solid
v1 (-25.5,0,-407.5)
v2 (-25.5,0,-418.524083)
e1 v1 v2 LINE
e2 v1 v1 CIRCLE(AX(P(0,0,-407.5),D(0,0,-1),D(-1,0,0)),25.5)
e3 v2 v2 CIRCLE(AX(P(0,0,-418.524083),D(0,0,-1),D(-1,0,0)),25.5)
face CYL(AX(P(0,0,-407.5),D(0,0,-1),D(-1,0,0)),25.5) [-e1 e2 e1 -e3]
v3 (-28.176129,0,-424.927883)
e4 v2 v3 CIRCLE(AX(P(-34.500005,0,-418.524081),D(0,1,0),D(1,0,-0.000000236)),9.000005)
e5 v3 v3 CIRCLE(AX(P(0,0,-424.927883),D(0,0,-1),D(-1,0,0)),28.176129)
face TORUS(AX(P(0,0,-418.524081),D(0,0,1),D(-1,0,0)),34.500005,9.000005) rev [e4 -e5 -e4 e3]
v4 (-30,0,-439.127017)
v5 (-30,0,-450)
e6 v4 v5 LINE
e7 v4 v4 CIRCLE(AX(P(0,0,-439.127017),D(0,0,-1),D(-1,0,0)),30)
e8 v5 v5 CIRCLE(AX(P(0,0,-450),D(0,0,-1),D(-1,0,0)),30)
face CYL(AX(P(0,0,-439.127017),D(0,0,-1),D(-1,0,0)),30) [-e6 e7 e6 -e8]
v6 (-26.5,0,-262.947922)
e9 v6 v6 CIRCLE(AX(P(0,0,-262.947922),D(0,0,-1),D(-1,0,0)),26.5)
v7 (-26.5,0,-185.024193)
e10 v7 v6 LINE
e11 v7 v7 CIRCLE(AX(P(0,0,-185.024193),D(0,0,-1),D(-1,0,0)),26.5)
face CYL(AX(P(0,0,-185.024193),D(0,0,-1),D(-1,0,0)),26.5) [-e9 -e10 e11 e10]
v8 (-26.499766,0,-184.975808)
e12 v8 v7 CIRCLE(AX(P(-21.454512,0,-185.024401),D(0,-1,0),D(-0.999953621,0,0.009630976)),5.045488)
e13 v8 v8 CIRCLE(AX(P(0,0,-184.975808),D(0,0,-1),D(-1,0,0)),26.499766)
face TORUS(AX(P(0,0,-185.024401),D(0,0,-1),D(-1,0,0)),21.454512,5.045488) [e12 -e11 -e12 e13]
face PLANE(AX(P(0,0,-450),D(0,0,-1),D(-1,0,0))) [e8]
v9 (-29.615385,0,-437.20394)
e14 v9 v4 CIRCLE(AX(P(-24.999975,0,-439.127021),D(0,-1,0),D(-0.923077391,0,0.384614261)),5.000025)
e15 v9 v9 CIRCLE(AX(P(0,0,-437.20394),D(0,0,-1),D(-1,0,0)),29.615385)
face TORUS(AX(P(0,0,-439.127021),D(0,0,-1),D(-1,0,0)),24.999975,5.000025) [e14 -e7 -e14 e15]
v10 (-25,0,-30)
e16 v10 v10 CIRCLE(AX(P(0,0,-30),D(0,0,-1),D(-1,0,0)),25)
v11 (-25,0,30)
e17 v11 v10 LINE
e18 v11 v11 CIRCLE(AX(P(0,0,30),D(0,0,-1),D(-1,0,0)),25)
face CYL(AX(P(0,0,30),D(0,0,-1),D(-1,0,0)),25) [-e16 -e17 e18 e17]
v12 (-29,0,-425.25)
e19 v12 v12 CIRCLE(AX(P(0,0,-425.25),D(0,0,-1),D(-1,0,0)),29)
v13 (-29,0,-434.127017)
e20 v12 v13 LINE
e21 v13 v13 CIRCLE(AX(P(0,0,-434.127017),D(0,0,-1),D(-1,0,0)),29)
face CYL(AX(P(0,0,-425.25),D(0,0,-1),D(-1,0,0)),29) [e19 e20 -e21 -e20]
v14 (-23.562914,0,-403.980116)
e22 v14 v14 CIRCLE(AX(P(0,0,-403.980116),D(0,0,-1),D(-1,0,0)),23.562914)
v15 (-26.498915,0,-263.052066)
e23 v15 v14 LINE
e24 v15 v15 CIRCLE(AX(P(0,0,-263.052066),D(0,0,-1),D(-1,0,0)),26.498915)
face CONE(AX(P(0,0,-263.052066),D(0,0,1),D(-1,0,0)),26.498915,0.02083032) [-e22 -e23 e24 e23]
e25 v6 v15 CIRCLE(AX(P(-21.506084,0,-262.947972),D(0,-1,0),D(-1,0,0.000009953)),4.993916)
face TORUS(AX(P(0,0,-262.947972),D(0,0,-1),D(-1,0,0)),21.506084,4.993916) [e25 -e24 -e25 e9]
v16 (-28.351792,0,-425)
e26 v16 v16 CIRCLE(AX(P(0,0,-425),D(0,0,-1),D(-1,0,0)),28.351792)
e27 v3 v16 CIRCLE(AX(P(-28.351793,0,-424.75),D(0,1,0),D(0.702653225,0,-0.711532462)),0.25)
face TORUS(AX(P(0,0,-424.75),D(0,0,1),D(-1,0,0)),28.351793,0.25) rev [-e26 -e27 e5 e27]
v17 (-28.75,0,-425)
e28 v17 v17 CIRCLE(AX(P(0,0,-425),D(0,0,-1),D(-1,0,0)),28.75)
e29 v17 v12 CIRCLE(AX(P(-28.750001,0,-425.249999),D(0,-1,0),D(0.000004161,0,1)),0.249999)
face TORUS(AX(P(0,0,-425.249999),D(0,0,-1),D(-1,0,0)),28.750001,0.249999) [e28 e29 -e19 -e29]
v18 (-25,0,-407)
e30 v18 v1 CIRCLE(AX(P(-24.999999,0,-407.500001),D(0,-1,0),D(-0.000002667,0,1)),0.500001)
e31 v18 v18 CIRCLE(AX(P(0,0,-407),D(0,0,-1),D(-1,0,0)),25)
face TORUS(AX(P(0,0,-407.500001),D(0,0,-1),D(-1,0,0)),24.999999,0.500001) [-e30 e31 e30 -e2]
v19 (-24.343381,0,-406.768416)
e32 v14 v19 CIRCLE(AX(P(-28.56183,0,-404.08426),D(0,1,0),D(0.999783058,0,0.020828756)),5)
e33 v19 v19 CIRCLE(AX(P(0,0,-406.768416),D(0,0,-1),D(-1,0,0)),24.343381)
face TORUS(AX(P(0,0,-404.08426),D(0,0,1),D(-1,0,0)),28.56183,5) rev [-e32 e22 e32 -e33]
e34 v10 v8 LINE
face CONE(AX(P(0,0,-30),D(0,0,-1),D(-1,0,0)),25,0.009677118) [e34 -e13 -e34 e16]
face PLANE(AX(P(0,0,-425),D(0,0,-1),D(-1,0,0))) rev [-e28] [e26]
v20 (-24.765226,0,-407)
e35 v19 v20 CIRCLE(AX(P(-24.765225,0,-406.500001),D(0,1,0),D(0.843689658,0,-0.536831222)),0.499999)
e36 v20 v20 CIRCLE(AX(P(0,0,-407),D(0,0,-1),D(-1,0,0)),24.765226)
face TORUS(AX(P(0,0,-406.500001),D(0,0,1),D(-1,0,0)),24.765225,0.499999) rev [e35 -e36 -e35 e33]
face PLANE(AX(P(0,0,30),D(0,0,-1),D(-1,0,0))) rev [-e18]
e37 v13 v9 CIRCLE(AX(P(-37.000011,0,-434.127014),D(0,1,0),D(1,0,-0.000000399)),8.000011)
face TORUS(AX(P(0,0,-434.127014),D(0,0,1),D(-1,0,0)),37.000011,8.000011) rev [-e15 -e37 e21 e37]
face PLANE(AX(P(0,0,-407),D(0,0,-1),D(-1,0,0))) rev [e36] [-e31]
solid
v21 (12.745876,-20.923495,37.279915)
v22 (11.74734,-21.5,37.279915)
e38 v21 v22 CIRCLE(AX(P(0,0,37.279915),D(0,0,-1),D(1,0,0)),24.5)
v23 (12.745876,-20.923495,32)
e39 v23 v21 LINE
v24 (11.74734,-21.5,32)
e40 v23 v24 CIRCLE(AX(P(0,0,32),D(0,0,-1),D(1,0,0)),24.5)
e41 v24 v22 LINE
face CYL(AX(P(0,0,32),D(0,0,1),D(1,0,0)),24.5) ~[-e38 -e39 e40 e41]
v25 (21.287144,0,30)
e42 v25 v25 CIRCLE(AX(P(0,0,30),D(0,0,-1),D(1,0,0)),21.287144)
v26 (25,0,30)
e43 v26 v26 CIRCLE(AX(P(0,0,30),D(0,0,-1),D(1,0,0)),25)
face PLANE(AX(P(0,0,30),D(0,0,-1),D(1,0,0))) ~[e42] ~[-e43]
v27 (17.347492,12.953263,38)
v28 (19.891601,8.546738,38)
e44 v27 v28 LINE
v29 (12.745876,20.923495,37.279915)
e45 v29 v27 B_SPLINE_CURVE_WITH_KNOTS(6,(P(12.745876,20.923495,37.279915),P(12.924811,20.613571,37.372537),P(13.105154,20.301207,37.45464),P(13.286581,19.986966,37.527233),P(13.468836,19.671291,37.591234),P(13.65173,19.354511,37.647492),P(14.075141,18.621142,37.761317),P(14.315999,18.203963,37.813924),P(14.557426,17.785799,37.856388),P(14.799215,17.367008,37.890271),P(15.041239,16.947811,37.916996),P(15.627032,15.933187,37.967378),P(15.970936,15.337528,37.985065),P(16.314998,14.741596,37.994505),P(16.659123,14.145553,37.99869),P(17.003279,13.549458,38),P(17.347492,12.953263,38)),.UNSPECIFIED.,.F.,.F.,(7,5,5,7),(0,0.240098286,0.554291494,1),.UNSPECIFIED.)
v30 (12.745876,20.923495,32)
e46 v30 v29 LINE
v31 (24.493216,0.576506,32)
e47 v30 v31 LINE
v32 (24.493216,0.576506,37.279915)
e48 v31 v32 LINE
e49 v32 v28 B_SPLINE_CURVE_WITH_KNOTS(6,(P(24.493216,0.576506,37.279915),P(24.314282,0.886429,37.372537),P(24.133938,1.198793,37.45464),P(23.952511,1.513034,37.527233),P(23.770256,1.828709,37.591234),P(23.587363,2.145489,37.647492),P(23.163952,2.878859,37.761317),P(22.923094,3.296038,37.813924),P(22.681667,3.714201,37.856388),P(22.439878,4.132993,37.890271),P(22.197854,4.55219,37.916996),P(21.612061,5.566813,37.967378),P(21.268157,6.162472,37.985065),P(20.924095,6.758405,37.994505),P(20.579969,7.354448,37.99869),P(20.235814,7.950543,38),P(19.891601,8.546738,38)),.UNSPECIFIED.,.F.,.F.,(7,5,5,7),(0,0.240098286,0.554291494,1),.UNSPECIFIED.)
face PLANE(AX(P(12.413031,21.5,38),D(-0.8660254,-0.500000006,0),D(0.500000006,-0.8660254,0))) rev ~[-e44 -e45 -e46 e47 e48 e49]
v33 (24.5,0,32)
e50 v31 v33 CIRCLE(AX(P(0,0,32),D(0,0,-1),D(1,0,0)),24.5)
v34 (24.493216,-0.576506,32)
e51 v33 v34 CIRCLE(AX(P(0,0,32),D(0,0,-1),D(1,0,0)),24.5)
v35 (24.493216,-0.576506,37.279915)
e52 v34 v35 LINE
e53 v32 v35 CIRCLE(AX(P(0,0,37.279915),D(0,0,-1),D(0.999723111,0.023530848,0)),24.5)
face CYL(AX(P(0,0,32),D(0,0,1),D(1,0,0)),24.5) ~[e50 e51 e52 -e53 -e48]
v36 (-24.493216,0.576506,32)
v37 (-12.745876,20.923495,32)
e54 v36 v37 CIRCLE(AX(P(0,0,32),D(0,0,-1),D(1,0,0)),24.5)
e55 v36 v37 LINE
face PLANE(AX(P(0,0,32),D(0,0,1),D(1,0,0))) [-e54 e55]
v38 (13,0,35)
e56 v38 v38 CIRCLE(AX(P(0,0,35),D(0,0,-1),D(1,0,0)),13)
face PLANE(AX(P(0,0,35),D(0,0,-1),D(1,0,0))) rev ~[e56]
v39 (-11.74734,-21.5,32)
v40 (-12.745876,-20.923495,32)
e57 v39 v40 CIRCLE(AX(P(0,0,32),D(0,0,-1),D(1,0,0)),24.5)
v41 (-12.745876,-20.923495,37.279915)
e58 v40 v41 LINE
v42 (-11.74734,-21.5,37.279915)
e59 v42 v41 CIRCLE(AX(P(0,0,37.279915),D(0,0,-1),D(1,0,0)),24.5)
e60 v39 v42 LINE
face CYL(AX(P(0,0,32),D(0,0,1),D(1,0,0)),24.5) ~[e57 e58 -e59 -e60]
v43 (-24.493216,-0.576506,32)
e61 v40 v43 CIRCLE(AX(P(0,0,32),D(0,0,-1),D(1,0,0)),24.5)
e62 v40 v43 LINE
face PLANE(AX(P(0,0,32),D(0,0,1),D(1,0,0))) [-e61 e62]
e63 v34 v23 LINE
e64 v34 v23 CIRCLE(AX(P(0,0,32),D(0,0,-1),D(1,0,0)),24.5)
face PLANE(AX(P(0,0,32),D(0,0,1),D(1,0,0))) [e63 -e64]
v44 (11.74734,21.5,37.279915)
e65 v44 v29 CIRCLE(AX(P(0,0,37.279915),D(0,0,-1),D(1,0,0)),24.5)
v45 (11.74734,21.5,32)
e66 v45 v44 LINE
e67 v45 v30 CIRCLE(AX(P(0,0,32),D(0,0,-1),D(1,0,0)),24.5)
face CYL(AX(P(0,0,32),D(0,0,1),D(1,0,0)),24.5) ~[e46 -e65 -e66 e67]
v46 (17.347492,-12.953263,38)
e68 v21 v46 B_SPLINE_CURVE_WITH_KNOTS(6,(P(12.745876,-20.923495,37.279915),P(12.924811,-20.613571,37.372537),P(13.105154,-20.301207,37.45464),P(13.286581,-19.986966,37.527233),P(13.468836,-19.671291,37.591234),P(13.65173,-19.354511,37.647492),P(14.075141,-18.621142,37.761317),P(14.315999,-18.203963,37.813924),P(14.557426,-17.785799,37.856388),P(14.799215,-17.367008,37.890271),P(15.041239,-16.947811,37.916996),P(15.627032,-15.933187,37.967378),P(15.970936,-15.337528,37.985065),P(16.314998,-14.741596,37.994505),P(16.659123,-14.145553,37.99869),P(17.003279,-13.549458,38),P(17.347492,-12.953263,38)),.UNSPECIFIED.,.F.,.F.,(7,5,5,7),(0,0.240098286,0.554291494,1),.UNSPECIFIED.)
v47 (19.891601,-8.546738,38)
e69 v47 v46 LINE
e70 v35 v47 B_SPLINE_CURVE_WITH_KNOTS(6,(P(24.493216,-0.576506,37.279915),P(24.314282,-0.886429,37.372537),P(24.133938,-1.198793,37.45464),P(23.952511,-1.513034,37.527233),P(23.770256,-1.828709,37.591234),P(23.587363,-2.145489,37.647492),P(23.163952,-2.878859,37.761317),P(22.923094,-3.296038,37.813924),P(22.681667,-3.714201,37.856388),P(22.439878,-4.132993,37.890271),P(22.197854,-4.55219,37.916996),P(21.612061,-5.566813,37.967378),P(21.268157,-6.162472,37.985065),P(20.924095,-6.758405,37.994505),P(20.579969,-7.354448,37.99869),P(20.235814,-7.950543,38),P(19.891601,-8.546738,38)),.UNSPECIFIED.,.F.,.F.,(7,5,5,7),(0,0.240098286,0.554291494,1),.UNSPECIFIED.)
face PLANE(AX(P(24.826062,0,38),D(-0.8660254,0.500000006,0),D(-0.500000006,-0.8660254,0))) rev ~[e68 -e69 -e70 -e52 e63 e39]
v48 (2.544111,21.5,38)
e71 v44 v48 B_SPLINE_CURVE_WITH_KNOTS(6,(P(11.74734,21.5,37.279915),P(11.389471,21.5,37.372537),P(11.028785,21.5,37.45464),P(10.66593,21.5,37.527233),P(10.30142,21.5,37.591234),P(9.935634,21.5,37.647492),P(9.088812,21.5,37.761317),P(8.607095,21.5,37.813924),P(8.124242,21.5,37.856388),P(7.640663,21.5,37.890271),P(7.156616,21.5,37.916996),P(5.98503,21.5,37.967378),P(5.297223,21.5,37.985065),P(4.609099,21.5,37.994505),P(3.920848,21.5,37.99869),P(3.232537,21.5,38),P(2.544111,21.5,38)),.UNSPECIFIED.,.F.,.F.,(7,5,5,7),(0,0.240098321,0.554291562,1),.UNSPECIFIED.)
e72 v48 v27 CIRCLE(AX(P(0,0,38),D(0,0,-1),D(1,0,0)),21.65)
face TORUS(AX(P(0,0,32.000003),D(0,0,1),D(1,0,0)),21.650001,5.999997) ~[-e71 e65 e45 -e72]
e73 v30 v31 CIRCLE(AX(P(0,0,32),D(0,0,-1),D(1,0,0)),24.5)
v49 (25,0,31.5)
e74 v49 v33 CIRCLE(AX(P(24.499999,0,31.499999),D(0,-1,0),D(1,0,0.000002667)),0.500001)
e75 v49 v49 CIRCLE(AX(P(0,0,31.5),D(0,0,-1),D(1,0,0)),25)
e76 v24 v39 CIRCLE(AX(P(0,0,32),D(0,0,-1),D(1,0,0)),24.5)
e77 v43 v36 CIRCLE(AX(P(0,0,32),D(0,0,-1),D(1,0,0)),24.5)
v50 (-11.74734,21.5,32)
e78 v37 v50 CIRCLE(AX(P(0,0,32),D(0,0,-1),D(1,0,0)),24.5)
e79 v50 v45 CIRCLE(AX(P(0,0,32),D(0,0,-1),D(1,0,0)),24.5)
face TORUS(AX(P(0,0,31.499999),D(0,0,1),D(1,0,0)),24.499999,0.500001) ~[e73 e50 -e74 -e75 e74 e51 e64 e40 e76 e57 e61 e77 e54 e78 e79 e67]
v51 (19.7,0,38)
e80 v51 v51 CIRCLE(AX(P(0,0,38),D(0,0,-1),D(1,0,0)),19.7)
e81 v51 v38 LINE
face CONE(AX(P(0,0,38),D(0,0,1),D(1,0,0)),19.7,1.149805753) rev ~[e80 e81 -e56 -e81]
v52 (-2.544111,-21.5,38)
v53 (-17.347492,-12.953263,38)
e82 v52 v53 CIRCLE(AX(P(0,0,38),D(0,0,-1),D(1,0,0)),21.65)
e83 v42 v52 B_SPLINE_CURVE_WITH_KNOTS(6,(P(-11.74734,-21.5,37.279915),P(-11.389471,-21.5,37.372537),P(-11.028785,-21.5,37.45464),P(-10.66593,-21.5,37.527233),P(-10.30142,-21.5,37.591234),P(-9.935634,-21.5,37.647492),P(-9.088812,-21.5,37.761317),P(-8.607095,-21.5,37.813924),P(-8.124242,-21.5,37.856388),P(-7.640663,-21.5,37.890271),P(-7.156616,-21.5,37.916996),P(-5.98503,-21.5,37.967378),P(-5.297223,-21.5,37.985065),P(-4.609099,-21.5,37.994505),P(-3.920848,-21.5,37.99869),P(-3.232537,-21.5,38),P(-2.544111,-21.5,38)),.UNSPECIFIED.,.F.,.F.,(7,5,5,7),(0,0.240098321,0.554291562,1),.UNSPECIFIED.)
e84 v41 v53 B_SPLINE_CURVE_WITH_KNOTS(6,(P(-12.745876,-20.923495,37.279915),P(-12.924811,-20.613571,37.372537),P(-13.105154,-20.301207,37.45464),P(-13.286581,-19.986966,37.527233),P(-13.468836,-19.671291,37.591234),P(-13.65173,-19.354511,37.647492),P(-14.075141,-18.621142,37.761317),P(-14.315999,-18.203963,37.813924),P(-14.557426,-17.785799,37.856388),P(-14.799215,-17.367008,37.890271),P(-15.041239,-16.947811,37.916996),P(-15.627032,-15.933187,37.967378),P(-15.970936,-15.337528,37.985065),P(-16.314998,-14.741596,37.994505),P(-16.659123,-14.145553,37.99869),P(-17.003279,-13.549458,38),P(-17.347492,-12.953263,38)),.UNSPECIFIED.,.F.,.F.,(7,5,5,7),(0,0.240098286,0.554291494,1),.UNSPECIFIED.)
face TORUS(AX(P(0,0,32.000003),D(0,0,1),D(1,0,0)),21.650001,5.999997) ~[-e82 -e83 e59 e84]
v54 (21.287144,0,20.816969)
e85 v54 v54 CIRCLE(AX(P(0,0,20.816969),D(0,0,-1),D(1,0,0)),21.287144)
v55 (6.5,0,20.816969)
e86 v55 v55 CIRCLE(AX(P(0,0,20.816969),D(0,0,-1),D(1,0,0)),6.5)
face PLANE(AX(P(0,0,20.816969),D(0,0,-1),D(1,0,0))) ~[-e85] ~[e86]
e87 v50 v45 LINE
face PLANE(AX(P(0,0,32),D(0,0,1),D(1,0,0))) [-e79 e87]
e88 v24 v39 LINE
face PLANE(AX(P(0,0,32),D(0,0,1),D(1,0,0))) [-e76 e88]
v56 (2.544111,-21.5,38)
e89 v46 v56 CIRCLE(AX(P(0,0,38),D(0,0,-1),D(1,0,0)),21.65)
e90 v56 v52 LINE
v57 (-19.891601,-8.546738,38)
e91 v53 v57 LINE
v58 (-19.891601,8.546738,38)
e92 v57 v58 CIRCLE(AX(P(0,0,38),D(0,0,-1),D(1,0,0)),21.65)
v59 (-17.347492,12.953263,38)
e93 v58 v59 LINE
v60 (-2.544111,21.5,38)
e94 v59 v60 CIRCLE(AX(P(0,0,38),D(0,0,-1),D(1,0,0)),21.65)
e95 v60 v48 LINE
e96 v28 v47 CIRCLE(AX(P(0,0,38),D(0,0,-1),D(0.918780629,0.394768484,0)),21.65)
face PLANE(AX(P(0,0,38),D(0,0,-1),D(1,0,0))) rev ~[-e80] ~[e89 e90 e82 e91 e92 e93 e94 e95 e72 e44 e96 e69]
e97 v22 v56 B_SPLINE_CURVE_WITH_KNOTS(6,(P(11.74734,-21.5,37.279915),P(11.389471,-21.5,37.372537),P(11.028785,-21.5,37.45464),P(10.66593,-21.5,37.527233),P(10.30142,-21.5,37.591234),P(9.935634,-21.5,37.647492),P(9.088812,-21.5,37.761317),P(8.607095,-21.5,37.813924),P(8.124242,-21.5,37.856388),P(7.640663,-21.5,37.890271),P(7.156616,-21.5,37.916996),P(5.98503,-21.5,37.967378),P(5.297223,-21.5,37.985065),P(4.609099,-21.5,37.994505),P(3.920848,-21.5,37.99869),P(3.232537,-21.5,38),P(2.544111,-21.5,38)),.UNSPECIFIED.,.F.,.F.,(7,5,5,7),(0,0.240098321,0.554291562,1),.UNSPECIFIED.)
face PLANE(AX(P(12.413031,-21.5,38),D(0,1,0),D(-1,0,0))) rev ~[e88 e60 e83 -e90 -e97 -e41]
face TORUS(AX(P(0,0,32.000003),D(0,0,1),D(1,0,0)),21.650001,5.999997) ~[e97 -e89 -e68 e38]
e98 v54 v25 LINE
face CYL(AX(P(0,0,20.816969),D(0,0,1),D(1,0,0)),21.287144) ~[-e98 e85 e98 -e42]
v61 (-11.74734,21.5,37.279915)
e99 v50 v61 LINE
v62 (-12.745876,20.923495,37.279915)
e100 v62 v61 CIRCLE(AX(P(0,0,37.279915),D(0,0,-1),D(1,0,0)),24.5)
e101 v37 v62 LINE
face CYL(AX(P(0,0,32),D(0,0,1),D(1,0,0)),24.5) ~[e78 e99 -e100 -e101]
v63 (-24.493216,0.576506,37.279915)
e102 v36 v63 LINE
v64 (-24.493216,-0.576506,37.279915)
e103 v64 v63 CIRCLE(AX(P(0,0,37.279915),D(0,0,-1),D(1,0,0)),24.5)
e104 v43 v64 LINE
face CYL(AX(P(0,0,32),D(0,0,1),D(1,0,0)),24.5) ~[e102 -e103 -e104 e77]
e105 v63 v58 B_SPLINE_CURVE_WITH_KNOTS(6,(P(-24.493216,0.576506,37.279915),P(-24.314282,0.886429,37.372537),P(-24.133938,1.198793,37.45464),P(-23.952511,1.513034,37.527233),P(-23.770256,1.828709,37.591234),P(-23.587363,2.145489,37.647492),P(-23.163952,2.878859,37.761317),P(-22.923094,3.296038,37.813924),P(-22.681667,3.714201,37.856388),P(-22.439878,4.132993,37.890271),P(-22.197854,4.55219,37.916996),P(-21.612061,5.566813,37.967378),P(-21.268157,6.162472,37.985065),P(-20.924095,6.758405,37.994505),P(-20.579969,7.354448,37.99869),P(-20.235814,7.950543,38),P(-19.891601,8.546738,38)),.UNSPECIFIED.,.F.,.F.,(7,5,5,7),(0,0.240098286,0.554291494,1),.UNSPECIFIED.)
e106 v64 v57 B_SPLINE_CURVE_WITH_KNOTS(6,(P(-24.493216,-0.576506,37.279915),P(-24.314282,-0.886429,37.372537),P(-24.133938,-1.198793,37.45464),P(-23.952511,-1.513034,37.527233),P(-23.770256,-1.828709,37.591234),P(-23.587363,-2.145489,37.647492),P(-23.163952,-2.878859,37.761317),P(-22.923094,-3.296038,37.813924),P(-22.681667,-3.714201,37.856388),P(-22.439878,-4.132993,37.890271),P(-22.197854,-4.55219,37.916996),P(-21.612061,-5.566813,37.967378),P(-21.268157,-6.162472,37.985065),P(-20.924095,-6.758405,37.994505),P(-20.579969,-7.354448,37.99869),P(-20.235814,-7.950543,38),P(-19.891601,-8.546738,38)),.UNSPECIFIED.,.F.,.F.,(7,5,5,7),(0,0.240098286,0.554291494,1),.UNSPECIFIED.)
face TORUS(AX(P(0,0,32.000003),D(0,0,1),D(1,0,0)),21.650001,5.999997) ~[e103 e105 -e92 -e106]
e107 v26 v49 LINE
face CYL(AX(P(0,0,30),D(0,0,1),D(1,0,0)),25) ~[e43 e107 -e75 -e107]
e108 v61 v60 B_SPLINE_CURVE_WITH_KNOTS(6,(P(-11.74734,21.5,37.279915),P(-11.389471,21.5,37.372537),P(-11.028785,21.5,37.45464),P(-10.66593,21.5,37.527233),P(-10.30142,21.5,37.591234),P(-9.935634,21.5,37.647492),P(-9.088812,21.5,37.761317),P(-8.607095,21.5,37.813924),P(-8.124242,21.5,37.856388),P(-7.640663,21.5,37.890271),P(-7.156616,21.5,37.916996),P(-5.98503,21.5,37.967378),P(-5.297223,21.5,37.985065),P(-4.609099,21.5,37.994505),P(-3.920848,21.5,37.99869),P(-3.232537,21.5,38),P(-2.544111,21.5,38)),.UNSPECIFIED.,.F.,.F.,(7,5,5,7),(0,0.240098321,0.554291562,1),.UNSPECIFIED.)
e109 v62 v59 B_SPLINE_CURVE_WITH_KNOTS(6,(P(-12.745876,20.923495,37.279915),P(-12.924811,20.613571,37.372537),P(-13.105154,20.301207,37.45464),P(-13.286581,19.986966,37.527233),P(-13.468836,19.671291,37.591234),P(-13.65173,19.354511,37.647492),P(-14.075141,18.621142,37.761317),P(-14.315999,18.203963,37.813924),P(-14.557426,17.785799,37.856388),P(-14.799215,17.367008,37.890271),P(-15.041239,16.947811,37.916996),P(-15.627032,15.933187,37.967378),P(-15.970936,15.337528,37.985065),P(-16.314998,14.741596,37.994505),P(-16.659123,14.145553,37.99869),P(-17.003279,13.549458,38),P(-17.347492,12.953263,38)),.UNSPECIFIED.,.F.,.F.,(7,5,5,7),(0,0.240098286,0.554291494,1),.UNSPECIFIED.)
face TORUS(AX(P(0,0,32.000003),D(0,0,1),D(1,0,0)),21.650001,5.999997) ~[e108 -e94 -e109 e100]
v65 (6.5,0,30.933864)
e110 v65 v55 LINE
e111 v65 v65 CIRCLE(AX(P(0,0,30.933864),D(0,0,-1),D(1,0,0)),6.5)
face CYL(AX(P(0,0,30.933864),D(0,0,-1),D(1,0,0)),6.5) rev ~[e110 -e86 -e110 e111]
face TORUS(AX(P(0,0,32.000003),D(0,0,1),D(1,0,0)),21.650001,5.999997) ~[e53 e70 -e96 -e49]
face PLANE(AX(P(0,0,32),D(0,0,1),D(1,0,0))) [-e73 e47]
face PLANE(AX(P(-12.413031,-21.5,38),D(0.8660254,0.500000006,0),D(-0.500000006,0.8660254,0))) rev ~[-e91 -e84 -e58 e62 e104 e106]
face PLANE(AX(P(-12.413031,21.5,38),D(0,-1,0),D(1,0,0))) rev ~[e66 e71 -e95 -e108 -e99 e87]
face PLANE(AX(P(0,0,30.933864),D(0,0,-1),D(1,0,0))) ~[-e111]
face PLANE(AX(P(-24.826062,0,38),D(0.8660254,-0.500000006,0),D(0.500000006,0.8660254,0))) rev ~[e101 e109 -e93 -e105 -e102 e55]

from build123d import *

# Parameters (mm, degrees)
F5_R     = 29.124545
F6_DEPTH = 6


with BuildPart() as f1:
    # F0 (on Front) → F1 (revolve)
    with BuildSketch(Plane.XZ):
        with BuildLine():
            Line((0, 30), (-25, 30))
            Line((-25, 30), (-25, -30))
            Line((-25, -30), (-26.499766, -184.975808))
            ThreePointArc((-26.499766, -184.975808), (-26.499941, -185), (-26.5, -185.024193))
            Line((-26.5, -185.024193), (-26.5, -262.947922))
            ThreePointArc((-26.5, -262.947922), (-26.499729, -262.999997), (-26.498915, -263.052066))
            Line((-26.498915, -263.052066), (-23.562914, -403.980116))
            ThreePointArc((-23.562914, -403.980116), (-23.746894, -405.431998), (-24.343381, -406.768416))
            ThreePointArc((-24.343381, -406.768416), (-24.52461, -406.938297), (-24.765226, -407))
            Line((-24.765226, -407), (-25, -407))
            ThreePointArc((-25, -407), (-25.353553, -407.146447), (-25.5, -407.5))
            Line((-25.5, -407.5), (-25.5, -418.524083))
            ThreePointArc((-25.5, -418.524083), (-26.19594, -421.994325), (-28.176129, -424.927883))
            ThreePointArc((-28.176129, -424.927883), (-28.256847, -424.981269), (-28.351792, -425))
            Line((-28.351792, -425), (-28.75, -425))
            ThreePointArc((-28.75, -425), (-28.926777, -425.073223), (-29, -425.25))
            Line((-29, -425.25), (-29, -434.127017))
            ThreePointArc((-29, -434.127017), (-29.155355, -435.695946), (-29.615385, -437.20394))
            ThreePointArc((-29.615385, -437.20394), (-29.902903, -438.146436), (-30, -439.127017))
            Line((-30, -439.127017), (-30, -450))
            Line((-30, -450), (0, -450))
            Line((0, -450), (0, 30))
        make_face()
    revolve(axis=Axis((0, 0, -210), (0, 0, -1)))


with BuildPart() as f3:
    # F2 (on Front) → F3 (revolve)
    with BuildSketch(Plane.XZ):
        with BuildLine():
            Line((6.5, 20.816969), (21.287144, 20.816969))
            Line((21.287144, 20.816969), (21.287144, 30))
            Line((21.287144, 30), (25, 30))
            Line((25, 30), (25, 31.5))
            ThreePointArc((25, 31.5), (24.853553, 31.853553), (24.5, 32))
            Line((24.5, 32), (24.5, 37.279915))
            ThreePointArc((24.5, 37.279915), (23.119781, 37.817194), (21.65, 38))
            Line((21.65, 38), (19.7, 38))
            Line((19.7, 38), (13, 35))
            Line((13, 35), (0, 35))
            Line((0, 35), (0, 30.933864))
            Line((0, 30.933864), (6.5, 30.933864))
            Line((6.5, 30.933864), (6.5, 20.816969))
        make_face()
    revolve(axis=Axis((0, 0, 33.853222), (0, 0, -1)))

    # F5 (on offset) → F6 (cut)
    with BuildSketch(Plane.XY.offset(38)):
        Circle(F5_R)
        Polygon((-24.826062, 0), (-12.413031, 21.5), (12.413031, 21.5), (24.826062, 0), (12.413031, -21.5), (-12.413031, -21.5), align=None, mode=Mode.SUBTRACT)
    extrude(amount=-F6_DEPTH, mode=Mode.SUBTRACT)


solid = Compound([f1.part, f3.part])
